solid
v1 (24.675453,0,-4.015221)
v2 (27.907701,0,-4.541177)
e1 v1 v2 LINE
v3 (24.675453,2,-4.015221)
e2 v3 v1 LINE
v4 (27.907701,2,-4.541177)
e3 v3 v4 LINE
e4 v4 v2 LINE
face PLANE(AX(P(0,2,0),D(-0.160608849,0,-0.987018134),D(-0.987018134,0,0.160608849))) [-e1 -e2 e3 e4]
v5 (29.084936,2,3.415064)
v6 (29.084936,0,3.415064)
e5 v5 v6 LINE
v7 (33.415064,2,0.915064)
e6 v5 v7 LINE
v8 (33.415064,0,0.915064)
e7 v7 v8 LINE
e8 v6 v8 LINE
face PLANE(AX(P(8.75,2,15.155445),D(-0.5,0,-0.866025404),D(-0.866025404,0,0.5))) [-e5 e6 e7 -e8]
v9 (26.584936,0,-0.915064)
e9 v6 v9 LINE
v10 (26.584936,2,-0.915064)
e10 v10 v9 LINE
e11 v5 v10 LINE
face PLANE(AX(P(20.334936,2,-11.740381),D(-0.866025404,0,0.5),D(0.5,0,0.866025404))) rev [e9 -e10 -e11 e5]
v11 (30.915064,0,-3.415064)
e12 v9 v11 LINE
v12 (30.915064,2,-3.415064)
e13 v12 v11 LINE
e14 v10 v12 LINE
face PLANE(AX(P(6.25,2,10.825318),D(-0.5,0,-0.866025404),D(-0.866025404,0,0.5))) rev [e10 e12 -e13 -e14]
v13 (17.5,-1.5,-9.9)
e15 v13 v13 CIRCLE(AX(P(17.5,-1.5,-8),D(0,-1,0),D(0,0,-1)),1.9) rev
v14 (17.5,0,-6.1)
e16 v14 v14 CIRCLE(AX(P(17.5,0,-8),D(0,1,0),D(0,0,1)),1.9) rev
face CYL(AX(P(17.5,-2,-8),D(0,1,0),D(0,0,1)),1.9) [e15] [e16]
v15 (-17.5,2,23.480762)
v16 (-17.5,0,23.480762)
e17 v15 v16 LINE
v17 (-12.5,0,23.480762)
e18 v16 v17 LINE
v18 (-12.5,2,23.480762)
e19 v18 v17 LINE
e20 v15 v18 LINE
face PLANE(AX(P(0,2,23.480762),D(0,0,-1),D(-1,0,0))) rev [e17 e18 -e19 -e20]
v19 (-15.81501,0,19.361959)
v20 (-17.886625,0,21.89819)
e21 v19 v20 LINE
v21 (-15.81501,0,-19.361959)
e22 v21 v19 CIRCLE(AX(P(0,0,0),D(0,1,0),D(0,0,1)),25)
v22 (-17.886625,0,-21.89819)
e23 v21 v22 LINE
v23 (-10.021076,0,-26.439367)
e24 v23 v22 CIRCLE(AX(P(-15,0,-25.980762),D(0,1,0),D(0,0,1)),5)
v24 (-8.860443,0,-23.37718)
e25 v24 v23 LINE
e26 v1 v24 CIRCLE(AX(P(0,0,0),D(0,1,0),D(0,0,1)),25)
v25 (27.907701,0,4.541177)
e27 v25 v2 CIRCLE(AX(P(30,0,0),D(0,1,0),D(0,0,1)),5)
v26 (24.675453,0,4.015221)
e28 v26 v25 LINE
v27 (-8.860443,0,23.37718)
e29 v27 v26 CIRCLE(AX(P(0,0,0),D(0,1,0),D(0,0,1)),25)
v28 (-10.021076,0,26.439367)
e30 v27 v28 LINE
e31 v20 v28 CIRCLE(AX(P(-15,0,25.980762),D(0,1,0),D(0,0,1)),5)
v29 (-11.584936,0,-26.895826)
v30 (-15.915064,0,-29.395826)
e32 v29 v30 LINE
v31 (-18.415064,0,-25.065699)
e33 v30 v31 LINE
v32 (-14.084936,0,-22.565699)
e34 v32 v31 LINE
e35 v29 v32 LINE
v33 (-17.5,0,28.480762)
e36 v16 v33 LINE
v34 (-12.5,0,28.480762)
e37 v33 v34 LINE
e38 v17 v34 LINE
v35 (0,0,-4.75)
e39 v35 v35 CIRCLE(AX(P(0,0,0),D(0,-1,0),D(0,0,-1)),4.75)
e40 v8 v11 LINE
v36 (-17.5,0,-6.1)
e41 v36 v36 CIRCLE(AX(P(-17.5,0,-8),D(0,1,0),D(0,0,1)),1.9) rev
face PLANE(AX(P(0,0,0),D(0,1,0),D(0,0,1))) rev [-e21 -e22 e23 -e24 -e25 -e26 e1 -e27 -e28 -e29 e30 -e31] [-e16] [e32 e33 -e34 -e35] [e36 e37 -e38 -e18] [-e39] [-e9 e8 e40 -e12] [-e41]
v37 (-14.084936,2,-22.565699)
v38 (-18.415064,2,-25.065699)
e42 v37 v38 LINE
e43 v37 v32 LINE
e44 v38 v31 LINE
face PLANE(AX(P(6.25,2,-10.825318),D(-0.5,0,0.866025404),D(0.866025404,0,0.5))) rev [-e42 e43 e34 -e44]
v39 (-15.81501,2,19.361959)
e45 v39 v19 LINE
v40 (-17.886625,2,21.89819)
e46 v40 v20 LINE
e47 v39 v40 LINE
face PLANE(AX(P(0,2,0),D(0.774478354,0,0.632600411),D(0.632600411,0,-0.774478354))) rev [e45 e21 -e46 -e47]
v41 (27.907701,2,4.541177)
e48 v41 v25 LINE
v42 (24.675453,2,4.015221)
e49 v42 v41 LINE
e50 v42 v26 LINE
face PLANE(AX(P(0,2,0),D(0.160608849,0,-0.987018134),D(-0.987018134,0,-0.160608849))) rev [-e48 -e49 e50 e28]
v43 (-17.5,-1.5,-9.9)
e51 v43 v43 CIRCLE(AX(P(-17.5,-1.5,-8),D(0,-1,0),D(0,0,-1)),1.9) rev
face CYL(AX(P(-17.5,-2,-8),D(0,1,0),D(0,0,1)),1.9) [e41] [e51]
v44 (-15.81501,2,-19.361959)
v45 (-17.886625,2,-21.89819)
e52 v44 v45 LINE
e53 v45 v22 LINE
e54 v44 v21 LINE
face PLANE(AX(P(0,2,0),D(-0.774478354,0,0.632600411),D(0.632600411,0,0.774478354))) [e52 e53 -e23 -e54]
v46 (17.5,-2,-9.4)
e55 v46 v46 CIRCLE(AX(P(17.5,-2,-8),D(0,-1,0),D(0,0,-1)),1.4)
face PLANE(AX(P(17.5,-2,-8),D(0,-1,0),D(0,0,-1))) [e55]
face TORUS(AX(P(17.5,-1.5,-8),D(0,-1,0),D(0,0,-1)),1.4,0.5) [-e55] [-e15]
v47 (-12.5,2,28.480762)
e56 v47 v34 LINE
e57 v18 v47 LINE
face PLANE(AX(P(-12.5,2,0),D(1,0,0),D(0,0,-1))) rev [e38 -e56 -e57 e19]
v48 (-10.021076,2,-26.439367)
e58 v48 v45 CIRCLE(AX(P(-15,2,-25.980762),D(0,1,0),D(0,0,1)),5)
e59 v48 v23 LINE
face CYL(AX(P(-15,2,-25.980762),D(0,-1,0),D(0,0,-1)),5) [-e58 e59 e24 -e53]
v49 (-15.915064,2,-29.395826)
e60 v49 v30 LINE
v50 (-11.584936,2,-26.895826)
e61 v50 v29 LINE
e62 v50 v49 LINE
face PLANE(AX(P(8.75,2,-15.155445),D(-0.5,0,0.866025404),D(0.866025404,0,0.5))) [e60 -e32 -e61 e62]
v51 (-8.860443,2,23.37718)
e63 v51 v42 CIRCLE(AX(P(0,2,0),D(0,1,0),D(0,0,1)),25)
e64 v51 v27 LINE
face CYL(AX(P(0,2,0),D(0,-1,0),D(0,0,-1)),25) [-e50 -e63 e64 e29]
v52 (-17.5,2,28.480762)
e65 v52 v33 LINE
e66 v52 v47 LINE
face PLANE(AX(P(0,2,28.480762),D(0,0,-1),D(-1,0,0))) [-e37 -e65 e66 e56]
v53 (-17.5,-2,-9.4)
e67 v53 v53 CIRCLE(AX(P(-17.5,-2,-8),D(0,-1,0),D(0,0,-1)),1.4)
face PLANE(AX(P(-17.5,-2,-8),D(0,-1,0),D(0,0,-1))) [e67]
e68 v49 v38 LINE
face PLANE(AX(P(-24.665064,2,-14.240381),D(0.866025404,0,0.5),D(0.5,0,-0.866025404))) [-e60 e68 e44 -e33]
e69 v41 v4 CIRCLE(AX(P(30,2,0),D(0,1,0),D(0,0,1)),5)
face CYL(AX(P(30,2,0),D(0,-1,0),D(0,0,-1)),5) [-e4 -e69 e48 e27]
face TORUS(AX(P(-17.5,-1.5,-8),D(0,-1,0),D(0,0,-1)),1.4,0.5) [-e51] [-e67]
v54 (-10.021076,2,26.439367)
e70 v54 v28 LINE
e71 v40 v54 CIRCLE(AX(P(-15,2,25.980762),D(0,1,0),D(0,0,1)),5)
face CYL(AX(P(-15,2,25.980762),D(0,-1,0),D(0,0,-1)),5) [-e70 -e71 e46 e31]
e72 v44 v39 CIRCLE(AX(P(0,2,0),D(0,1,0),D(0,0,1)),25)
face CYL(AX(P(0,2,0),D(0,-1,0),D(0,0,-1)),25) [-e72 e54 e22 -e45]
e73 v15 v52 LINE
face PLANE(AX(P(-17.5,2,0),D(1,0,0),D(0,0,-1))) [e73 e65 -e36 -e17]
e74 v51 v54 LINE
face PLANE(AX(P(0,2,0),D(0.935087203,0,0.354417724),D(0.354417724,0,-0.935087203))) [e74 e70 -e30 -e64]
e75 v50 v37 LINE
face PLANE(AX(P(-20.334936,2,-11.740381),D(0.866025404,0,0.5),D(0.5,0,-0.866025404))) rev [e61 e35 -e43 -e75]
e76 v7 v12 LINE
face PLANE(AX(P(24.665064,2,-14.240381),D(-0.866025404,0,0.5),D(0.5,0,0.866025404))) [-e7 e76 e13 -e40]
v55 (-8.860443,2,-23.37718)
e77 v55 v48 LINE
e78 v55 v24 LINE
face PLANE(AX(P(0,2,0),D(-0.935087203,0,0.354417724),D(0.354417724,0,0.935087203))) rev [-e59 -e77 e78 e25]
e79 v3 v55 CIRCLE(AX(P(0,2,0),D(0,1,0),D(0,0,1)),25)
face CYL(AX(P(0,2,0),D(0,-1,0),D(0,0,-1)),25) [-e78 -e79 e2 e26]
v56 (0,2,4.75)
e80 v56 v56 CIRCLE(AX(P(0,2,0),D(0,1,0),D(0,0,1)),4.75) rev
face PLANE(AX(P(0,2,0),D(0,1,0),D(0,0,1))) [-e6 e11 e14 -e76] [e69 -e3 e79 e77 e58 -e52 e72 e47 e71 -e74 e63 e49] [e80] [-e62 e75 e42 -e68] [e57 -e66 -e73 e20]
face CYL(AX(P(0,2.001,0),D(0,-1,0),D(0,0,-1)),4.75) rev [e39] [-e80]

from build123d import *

# Parameters (mm, degrees)
SKETCH1_W           = 5
SKETCH1_H           = 5
BOSS_EXTRUDE1_DEPTH = 2
CUT_EXTRUDE1_REACH  = 48.785
SKETCH2_R           = 4.75
SKETCH3_R           = 1.9
BOSS_EXTRUDE2_DEPTH = 2
FILLET1_R           = 0.5


with BuildPart() as part:
    # Sketch1 → Boss-Extrude1 (new body)
    with BuildSketch(Plane(origin=(0, 0, 0), x_dir=(1, 0, 0), z_dir=(0, 1, 0))):
        with BuildLine():
            ThreePointArc((-8.860443092, -23.377180074), (12.5, -21.650635095), (24.675453359, -4.01522123))
            Line((24.675453359, -4.01522123), (27.907701299, -4.541176736))
            ThreePointArc((27.907701299, -4.541176736), (35, 0), (27.907701299, 4.541176736))
            Line((27.907701299, 4.541176736), (24.675453359, 4.01522123))
            ThreePointArc((24.675453359, 4.01522123), (12.5, 21.650635095), (-8.860443092, 23.377180074))
            Line((-8.860443092, 23.377180074), (-10.021076233, 26.439366654))
            ThreePointArc((-10.021076233, 26.439366654), (-17.5, 30.310889132), (-17.886625066, 21.898189918))
            Line((-17.886625066, 21.898189918), (-15.815010267, 19.361958844))
            ThreePointArc((-15.815010267, 19.361958844), (-25, 0), (-15.815010267, -19.361958844))
            Line((-15.815010267, -19.361958844), (-17.886625066, -21.898189918))
            ThreePointArc((-17.886625066, -21.898189918), (-17.5, -30.310889132), (-10.021076233, -26.439366654))
            Line((-10.021076233, -26.439366654), (-8.860443092, -23.377180074))
        make_face()
        with Locations((-15, -25.980762114)):
            Rectangle(SKETCH1_W, SKETCH1_H, mode=Mode.SUBTRACT)
        Polygon((26.584936491, 0.915063509), (30.915063509, 3.415063509), (33.415063509, -0.915063509), (29.084936491, -3.415063509), align=None, mode=Mode.SUBTRACT)
        Polygon((-11.584936491, 26.895825623), (-14.084936491, 22.565698604), (-18.415063509, 25.065698604), (-15.915063509, 29.395825623), align=None, mode=Mode.SUBTRACT)
    extrude(amount=BOSS_EXTRUDE1_DEPTH)

    # Sketch2 → Cut-Extrude1 (cut, up to next)
    with BuildSketch(Plane(origin=(0, 0, 0), x_dir=(-1, 0, 0), z_dir=(0, -1, 0)), mode=Mode.PRIVATE) as cut_extrude1_sk1:
        Circle(SKETCH2_R)
    cut_extrude1_tool1 = extrude(cut_extrude1_sk1.sketch, amount=-CUT_EXTRUDE1_REACH, mode=Mode.PRIVATE) & part.part
    add(cut_extrude1_tool1.solids().sort_by_distance((0, 0, 0))[0], mode=Mode.SUBTRACT)

    # Sketch3 → Boss-Extrude2 (add)
    with BuildSketch(Plane(origin=(0, 0, 0), x_dir=(-1, 0, 0), z_dir=(0, -1, 0))):
        with Locations((17.5, 8)):
            Circle(SKETCH3_R)
        with Locations((-17.5, 8)):
            Circle(SKETCH3_R)
    extrude(amount=BOSS_EXTRUDE2_DEPTH)

    # Fillet1
    fillet1_edges = [part.edges().sort_by_distance(p)[0] for p in [
        (19.4, -2, -8),
        (-15.6, -2, -8),
    ]]
    fillet(fillet1_edges, radius=FILLET1_R)


solid = part.part
